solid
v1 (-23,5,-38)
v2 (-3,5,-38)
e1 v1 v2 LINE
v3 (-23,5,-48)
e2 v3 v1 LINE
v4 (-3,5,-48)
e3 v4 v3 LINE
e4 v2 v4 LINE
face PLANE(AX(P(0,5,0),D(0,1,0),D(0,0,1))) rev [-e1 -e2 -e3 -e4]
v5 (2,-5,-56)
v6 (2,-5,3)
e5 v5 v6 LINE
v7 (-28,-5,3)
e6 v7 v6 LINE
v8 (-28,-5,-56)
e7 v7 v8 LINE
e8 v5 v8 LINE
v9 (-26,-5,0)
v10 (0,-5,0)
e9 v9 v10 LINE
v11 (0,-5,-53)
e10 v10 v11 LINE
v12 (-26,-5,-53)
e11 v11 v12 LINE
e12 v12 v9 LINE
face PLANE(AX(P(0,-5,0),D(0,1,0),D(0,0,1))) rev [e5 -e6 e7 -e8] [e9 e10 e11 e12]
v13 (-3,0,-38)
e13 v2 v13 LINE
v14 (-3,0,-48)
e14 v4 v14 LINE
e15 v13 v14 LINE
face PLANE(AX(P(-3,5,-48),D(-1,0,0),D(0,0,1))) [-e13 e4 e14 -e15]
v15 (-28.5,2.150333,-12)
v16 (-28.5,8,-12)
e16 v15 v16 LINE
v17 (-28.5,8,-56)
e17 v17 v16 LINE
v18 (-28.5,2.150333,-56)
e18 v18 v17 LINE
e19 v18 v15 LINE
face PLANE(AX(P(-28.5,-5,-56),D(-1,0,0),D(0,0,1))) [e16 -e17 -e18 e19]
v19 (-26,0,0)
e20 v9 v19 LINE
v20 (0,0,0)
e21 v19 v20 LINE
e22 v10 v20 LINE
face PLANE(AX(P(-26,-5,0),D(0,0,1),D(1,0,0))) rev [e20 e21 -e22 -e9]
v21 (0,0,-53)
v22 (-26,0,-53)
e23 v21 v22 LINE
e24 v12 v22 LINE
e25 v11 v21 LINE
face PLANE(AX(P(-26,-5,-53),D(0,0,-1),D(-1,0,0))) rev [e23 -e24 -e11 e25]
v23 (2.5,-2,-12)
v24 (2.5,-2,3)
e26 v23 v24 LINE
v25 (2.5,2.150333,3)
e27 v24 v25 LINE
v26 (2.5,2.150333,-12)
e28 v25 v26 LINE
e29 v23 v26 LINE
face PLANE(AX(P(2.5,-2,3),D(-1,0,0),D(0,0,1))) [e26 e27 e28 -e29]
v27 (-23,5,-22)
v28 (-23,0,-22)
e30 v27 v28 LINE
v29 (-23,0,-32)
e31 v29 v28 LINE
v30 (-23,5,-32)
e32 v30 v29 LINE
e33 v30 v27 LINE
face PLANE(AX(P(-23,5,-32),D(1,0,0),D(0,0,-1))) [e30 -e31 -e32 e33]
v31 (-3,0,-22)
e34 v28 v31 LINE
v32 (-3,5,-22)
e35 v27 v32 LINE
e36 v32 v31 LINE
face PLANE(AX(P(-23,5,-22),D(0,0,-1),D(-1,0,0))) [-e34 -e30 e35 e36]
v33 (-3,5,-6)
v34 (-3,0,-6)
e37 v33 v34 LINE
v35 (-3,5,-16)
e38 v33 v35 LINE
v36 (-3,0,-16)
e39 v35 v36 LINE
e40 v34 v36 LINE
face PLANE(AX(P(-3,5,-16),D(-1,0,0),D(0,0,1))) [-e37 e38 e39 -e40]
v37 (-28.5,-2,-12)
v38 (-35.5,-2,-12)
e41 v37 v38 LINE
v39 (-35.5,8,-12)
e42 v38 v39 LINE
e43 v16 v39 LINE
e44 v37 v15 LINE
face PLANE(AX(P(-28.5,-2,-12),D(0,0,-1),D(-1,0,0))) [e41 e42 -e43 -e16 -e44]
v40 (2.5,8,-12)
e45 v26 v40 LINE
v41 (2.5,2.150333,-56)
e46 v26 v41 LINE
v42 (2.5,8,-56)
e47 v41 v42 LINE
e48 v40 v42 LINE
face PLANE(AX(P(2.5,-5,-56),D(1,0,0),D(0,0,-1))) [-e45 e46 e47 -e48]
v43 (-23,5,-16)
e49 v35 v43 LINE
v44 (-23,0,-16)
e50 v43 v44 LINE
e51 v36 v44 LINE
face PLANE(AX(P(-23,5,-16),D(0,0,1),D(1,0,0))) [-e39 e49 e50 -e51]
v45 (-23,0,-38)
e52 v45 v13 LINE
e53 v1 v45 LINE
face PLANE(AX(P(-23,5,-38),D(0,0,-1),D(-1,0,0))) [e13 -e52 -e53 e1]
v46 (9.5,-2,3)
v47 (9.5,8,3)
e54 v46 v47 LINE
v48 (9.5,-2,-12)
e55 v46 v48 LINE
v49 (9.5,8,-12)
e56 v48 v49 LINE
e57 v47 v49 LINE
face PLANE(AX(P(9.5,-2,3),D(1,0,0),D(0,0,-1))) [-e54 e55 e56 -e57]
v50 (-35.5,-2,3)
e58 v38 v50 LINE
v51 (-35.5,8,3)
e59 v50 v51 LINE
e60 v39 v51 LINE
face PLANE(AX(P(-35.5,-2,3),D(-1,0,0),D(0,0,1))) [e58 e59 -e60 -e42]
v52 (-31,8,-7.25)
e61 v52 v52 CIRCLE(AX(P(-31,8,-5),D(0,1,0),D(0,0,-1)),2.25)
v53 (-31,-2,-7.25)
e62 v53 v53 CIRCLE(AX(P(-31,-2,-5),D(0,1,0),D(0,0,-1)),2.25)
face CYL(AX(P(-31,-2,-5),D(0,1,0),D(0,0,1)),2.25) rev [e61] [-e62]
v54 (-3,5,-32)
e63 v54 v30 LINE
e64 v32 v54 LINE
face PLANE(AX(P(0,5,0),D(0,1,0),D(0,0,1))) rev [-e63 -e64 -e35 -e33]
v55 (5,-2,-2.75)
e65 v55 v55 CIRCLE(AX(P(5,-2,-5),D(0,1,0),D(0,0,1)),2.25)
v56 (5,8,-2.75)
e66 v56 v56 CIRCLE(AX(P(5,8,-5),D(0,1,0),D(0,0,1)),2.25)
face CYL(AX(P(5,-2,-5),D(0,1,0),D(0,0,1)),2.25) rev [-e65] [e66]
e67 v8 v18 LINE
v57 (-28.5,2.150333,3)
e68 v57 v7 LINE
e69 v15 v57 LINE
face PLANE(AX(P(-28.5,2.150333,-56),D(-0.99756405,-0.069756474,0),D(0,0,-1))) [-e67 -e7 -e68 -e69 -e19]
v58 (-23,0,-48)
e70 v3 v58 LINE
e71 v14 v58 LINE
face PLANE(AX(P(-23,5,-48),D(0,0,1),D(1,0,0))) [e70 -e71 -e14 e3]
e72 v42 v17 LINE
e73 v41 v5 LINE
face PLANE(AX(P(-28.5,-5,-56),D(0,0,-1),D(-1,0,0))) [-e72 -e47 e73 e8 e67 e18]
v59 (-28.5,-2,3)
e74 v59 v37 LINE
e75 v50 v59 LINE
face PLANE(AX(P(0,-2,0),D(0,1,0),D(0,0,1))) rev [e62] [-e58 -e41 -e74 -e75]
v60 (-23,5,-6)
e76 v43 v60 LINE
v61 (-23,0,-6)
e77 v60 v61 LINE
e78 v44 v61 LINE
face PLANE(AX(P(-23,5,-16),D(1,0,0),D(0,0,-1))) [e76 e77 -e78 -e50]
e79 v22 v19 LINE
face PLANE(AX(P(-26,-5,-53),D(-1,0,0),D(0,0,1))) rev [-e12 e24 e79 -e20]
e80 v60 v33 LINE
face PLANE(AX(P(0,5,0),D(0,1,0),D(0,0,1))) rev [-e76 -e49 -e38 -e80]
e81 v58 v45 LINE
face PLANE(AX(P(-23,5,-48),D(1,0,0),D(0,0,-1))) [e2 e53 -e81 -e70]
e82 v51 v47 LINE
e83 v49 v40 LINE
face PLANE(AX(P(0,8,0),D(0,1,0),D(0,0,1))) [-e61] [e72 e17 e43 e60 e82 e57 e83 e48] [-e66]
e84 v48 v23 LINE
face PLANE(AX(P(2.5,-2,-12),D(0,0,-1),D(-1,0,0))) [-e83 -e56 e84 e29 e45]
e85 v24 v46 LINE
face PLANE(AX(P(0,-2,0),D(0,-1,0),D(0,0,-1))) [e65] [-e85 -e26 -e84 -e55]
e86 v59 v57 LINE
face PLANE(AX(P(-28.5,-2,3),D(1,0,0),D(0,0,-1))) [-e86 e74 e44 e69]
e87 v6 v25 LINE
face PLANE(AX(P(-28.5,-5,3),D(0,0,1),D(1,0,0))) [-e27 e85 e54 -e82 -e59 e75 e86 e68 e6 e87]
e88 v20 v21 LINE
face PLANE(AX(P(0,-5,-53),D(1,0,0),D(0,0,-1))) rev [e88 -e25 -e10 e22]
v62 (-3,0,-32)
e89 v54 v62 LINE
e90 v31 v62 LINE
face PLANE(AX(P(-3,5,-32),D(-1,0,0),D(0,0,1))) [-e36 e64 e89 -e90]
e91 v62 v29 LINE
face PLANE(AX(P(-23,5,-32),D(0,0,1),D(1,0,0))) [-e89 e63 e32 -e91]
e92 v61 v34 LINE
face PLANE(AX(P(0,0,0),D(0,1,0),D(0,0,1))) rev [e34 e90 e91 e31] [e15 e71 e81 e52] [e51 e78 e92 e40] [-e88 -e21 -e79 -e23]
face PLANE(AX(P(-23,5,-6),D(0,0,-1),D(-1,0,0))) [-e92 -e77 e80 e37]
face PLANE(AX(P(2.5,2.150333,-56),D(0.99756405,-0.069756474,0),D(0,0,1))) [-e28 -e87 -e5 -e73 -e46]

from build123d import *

# Parameters (mm, degrees)
SKETCH1_W           = 26
SKETCH1_H           = 53
SKETCH1_W_2         = 20
SKETCH1_H_2         = 10
BOSS_EXTRUDE1_DEPTH = 5
SKETCH2_W           = 31
SKETCH2_H           = 59
SKETCH2_W_2         = 26
SKETCH2_H_2         = 53
BOSS_EXTRUDE2_DEPTH = 10
SKETCH3_W           = 31
SKETCH3_H           = 59
BOSS_EXTRUDE3_DEPTH = 3
CHAMFER1_SIZE       = 0.5
CHAMFER1_SIZE2      = 7.150333128
SKETCH10_W          = 7
SKETCH10_H          = 15
SKETCH10_R          = 2.25
BOSS_EXTRUDE7_DEPTH = 10


with BuildPart() as part:
    # Sketch1 → Boss-Extrude1 (new body)
    with BuildSketch(Plane(origin=(0, 0, 0), x_dir=(1, 0, 0), z_dir=(0, 1, 0))):
        with Locations((-13, 26.5)):
            Rectangle(SKETCH1_W, SKETCH1_H)
        with Locations((-13, 27)):
            Rectangle(SKETCH1_W_2, SKETCH1_H_2, mode=Mode.SUBTRACT)
        with Locations((-13, 43)):
            Rectangle(SKETCH1_W_2, SKETCH1_H_2, mode=Mode.SUBTRACT)
        with Locations((-13, 11)):
            Rectangle(SKETCH1_W_2, SKETCH1_H_2, mode=Mode.SUBTRACT)
    extrude(amount=BOSS_EXTRUDE1_DEPTH)

    # Sketch2 → Boss-Extrude2 (add)
    with BuildSketch(Plane(origin=(0, 5, 0), x_dir=(1, 0, 0), z_dir=(0, 1, 0))):
        with Locations((-13, 26.5)):
            Rectangle(SKETCH2_W, SKETCH2_H)
        with Locations((-13, 26.5)):
            Rectangle(SKETCH2_W_2, SKETCH2_H_2, mode=Mode.SUBTRACT)
    extrude(amount=-BOSS_EXTRUDE2_DEPTH)

    # Sketch3 → Boss-Extrude3 (add)
    with BuildSketch(Plane(origin=(0, 5, 0), x_dir=(1, 0, 0), z_dir=(0, 1, 0))):
        with Locations((-13, 26.5)):
            Rectangle(SKETCH3_W, SKETCH3_H)
    extrude(amount=BOSS_EXTRUDE3_DEPTH)

    # Chamfer1
    chamfer1_edges = [part.edges().sort_by_distance(p)[0] for p in [
        (-28.5, -5, -26.5),
        (2.5, -5, -26.5),
    ]]
    chamfer1_side = [part.faces().sort_by_distance(p)[0] for p in [
        (-13, -5, -55.333516692),
    ]]
    chamfer(chamfer1_edges, length=CHAMFER1_SIZE, length2=CHAMFER1_SIZE2, reference=chamfer1_side[0])

    # Sketch10 → Boss-Extrude7 (add)
    with BuildSketch(Plane(origin=(0, 8, 0), x_dir=(1, 0, 0), z_dir=(0, 1, 0))):
        with Locations((6, 4.5)):
            Rectangle(SKETCH10_W, SKETCH10_H)
        with Locations((5, 5)):
            Circle(SKETCH10_R, mode=Mode.SUBTRACT)
        with Locations((-32, 4.5)):
            Rectangle(SKETCH10_W, SKETCH10_H)
        with Locations((-31, 5)):
            Circle(SKETCH10_R, mode=Mode.SUBTRACT)
    extrude(amount=-BOSS_EXTRUDE7_DEPTH)


solid = part.part
